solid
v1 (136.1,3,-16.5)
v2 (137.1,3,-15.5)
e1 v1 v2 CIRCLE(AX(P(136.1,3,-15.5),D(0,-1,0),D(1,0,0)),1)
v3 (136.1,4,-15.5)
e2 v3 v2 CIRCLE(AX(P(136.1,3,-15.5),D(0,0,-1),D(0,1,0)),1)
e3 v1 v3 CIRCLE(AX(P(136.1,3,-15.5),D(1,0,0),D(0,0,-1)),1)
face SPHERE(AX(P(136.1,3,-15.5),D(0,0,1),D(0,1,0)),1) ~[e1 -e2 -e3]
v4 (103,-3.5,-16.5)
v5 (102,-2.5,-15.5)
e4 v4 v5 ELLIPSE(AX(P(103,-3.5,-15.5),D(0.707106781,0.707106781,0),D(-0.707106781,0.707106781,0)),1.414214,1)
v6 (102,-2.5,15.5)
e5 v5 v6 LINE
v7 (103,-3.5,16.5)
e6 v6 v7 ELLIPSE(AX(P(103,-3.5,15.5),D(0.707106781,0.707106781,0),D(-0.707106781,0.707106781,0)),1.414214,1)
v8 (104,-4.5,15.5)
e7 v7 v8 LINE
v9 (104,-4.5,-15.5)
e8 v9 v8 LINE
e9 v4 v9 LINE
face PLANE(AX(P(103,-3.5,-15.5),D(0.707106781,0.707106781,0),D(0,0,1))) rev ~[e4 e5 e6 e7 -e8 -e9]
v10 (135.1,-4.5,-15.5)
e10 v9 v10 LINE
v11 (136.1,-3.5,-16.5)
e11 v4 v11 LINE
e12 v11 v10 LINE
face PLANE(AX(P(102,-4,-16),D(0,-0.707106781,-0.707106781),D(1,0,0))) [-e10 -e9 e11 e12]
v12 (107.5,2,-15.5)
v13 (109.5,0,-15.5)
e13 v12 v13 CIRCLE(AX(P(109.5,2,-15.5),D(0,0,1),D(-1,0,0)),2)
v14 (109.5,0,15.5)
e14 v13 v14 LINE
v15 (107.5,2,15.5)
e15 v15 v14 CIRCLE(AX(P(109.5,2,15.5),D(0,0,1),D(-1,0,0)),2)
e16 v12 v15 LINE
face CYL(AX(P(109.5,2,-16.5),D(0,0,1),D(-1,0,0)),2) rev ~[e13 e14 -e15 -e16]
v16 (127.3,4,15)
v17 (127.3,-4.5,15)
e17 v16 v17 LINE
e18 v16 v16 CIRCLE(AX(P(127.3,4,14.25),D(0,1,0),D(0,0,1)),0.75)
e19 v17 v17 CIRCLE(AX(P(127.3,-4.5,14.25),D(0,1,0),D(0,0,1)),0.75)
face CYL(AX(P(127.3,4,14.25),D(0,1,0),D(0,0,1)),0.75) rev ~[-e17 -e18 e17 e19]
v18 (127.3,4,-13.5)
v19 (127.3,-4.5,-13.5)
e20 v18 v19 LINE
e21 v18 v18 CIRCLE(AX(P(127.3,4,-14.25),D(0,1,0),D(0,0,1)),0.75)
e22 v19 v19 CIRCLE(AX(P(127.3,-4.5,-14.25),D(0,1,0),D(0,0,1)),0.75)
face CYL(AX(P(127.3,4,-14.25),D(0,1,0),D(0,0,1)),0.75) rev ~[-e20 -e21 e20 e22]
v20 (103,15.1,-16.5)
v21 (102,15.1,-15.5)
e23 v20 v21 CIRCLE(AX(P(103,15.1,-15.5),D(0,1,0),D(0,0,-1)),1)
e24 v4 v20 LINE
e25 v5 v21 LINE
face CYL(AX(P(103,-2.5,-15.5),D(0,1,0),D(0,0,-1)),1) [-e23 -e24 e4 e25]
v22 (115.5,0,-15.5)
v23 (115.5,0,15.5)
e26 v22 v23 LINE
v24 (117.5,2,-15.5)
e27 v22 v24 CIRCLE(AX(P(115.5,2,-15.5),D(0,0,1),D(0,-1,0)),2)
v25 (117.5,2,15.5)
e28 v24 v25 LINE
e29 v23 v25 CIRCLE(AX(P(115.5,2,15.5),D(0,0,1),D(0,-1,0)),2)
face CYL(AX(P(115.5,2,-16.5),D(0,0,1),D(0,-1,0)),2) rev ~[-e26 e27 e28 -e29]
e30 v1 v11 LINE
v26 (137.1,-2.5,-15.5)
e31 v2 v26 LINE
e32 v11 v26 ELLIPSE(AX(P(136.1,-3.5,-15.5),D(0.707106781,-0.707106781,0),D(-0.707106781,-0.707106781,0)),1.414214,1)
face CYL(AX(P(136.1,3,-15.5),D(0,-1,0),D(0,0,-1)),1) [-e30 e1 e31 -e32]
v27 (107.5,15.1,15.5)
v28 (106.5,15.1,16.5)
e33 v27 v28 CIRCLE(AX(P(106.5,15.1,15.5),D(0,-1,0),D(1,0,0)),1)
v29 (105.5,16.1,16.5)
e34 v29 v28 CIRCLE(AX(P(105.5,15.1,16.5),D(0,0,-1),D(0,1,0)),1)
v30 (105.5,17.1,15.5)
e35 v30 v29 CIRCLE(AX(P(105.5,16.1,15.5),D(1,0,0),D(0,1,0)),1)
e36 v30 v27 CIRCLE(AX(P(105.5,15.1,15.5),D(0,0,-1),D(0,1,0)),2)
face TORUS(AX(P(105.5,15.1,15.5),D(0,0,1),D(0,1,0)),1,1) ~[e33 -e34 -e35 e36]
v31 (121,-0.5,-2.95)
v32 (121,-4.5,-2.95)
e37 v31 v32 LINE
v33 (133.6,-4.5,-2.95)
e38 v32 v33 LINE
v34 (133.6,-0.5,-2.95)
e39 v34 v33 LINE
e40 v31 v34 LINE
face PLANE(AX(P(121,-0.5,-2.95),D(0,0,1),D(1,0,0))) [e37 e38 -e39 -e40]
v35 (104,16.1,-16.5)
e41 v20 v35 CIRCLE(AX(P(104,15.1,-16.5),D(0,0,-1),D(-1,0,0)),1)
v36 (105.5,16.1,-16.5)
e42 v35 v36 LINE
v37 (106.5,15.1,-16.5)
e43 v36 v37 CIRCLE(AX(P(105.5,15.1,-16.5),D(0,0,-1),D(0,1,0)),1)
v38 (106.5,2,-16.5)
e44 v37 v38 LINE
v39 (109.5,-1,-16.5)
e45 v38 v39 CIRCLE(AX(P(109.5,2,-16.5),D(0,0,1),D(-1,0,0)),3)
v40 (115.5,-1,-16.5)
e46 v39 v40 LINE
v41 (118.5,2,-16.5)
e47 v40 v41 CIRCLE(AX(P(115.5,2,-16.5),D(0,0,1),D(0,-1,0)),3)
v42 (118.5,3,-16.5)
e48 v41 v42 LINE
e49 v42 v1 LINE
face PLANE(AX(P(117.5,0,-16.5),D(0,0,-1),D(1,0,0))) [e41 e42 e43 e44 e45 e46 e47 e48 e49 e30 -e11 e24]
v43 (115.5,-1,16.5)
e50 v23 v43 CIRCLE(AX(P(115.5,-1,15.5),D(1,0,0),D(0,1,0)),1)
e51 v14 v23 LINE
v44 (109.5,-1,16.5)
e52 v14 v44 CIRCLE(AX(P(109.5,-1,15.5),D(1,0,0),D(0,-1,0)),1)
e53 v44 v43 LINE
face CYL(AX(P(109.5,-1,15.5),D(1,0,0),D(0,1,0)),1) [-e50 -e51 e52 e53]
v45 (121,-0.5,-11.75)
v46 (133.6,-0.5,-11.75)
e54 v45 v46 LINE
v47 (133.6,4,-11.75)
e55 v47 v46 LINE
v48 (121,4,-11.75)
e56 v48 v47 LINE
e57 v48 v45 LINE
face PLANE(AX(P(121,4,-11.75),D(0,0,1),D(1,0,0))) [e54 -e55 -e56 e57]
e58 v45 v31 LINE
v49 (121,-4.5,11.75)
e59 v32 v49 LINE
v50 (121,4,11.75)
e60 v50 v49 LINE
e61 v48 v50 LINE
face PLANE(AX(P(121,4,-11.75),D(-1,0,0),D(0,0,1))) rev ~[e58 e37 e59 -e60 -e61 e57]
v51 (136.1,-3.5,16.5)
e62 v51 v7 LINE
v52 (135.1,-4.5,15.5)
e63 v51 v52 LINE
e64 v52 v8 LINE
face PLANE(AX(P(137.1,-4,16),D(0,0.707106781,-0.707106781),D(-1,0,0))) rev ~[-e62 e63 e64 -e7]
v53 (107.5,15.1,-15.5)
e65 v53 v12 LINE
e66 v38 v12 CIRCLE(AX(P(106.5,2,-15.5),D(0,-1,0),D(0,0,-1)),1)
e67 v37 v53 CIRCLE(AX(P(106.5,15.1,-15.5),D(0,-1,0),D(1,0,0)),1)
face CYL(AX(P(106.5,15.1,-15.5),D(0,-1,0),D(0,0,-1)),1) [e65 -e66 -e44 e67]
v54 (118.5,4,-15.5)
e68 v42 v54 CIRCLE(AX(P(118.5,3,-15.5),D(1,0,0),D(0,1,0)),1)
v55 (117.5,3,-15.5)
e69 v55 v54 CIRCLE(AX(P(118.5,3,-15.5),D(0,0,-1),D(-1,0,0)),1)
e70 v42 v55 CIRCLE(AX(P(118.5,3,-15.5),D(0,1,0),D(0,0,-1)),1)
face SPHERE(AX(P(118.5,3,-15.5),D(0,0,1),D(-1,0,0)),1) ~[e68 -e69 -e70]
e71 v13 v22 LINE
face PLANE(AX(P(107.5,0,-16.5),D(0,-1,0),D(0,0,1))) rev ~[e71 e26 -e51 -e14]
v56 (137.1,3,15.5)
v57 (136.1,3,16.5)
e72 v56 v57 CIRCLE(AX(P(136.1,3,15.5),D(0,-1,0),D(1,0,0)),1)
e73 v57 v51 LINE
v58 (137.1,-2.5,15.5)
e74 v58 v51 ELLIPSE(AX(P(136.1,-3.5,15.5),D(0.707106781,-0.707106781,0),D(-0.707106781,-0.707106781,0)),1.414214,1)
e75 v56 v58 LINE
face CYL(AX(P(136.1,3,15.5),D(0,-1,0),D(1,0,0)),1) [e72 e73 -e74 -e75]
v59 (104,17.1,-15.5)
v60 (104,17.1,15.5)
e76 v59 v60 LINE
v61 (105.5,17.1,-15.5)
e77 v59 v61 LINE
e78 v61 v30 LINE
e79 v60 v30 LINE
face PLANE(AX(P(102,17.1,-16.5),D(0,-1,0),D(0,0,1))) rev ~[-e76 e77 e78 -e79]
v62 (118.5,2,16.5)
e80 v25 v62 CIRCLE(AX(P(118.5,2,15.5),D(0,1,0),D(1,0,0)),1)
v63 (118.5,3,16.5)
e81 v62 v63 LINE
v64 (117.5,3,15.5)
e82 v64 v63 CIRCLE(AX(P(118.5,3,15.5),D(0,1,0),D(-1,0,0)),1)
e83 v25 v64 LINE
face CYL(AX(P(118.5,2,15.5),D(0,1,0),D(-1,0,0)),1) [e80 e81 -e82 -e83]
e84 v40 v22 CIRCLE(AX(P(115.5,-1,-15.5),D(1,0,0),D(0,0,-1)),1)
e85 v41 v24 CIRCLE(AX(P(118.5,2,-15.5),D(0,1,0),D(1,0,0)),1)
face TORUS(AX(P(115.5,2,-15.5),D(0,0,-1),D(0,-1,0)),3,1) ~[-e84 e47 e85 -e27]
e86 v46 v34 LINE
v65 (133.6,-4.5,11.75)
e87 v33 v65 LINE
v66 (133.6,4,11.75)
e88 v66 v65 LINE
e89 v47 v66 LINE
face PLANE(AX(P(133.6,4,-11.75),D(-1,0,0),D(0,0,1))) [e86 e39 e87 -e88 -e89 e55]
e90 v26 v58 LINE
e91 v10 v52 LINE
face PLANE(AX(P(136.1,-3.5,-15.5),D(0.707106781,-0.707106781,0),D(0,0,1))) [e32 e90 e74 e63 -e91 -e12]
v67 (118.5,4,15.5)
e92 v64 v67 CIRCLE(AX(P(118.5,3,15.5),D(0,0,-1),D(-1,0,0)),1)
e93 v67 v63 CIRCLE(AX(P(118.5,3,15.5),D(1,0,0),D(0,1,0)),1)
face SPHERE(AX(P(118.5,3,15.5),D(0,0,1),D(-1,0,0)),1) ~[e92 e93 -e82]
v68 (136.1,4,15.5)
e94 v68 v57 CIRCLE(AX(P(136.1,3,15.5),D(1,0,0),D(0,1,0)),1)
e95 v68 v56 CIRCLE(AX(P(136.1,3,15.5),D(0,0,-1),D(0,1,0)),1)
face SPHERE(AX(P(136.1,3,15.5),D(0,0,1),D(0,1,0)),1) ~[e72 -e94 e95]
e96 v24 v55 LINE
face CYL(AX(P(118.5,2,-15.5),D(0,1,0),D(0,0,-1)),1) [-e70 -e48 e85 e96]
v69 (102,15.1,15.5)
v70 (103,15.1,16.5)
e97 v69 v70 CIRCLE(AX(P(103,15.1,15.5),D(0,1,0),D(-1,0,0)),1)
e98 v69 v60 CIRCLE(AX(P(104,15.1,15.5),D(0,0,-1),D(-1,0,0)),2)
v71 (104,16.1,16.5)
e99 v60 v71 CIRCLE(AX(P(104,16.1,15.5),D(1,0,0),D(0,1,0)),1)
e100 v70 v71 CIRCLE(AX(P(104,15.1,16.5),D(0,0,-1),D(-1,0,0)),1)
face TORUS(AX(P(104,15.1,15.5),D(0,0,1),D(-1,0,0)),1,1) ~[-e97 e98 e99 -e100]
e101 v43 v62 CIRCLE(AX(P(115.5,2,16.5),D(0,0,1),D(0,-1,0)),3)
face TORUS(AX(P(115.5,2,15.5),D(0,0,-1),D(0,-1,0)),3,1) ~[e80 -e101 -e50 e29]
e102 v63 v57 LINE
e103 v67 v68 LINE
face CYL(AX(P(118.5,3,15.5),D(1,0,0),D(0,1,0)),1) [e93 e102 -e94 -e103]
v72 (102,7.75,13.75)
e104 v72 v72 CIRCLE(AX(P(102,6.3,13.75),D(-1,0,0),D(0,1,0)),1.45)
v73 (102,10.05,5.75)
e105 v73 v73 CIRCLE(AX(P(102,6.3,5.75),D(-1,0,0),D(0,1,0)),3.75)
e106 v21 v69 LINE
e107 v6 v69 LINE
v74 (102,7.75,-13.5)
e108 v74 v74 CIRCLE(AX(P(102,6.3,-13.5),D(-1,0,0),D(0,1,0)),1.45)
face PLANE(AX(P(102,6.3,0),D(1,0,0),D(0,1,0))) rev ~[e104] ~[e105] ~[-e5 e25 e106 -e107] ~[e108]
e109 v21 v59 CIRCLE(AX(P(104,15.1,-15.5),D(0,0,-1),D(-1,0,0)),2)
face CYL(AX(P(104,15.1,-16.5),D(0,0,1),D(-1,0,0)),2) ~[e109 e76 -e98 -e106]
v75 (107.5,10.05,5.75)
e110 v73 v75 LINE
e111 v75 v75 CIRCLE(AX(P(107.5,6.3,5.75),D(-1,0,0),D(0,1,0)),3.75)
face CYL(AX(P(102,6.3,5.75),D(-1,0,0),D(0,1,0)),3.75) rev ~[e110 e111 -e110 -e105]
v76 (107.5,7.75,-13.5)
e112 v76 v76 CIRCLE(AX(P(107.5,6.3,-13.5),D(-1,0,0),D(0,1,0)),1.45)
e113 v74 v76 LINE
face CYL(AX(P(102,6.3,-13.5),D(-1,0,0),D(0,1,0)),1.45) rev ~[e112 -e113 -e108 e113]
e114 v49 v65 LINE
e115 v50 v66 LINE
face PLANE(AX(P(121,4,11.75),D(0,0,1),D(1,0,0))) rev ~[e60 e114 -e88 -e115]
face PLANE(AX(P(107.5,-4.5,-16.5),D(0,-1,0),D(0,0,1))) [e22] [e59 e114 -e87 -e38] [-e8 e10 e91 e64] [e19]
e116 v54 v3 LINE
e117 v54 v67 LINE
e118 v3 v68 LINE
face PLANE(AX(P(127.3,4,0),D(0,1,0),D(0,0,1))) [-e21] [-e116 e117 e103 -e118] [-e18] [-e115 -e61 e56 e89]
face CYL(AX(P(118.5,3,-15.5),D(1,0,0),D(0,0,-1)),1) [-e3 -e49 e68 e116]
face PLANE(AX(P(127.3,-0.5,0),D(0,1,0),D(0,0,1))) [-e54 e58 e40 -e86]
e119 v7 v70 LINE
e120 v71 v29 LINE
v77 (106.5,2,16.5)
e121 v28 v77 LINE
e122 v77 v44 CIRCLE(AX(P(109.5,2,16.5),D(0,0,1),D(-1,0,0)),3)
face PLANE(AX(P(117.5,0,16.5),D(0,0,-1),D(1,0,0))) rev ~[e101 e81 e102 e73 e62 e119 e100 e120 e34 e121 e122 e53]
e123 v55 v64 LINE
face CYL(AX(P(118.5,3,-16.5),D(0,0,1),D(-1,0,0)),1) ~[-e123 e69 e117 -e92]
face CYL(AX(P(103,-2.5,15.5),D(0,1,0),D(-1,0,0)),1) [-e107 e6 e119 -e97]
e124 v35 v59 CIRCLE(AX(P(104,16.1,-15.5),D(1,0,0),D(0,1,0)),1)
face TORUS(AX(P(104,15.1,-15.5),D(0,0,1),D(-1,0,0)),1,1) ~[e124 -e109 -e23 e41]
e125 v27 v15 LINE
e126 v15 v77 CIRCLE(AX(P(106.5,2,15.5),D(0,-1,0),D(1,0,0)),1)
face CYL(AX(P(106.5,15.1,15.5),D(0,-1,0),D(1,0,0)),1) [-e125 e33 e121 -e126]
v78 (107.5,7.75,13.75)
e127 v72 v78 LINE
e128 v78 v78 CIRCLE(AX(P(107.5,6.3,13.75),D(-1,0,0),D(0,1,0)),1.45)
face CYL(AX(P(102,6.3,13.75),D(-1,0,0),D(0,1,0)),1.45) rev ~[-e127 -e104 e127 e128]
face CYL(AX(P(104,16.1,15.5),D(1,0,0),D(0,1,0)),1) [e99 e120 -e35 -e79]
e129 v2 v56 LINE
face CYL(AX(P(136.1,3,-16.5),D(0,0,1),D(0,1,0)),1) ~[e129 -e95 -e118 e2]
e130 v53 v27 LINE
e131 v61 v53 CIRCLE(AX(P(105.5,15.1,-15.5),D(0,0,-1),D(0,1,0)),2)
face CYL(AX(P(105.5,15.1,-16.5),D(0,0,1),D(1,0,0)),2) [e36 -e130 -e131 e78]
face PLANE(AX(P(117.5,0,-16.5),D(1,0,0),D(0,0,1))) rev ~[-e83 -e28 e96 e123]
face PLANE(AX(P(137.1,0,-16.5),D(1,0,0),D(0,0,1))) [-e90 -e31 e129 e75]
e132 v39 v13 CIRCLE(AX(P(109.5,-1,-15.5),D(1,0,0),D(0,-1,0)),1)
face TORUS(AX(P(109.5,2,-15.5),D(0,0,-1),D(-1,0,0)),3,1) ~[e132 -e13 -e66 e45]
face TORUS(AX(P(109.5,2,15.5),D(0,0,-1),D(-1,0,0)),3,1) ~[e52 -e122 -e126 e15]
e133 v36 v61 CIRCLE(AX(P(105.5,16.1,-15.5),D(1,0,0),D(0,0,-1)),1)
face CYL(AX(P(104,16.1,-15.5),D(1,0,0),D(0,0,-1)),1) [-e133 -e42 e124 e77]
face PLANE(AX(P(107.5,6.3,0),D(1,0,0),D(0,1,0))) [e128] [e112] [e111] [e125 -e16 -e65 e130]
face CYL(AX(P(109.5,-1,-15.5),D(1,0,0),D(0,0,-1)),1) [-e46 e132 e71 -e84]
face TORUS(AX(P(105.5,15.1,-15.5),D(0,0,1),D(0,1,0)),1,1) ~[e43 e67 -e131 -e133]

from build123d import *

# Parameters (mm, degrees)
SKETCH048_W     = 21.6
SKETCH048_H     = 33
PAD018_DEPTH    = 5.5
SKETCH049_W     = 4.5
SKETCH049_H     = 33
PAD019_DEPTH    = 29.6
SKETCH050_W     = 33
SKETCH050_H     = 19.6
PAD020_DEPTH    = 4
SKETCH051_W     = 23.5
SKETCH051_H     = 12.6
POCKET023_DEPTH = 4.5
SKETCH052_W     = 14.7
SKETCH052_H     = 12.6
POCKET024_DEPTH = 4
SKETCH053_R     = 0.75
POCKET025_DEPTH = 9
CHAMFER007_SIZE = 1
CHAMFER008_SIZE = 2
FILLET010_R     = 2
FILLET013_R     = 2
FILLET014_R     = 2
FILLET015_R     = 1
FILLET016_R     = 1
SKETCH054_R     = 3.75
SKETCH054_R_2   = 1.45
POCKET026_DEPTH = 6


with BuildPart() as part:
    # Sketch048 → Pad018 (new body)
    with BuildSketch(Plane.YZ):
        with Locations((6.3, 0)):
            Rectangle(SKETCH048_W, SKETCH048_H)
    extrude(amount=PAD018_DEPTH)

    # Sketch049 (on Face6 of Pad018) → Pad019 (join)
    with BuildSketch(Plane.YZ.offset(5.5)):
        with Locations((-2.25, 0)):
            Rectangle(SKETCH049_W, SKETCH049_H)
    extrude(amount=PAD019_DEPTH)

    # Sketch050 (on Face9 of Pad019) → Pad020 (join)
    with BuildSketch(Plane.ZX):
        with Locations((0, 25.3)):
            Rectangle(SKETCH050_W, SKETCH050_H)
    extrude(amount=PAD020_DEPTH)

    # Sketch051 (on Face15 of Pad020) → Pocket023 (cut)
    with BuildSketch(Plane.ZX.offset(4)):
        with Locations((0, 25.3)):
            Rectangle(SKETCH051_W, SKETCH051_H)
    extrude(amount=-POCKET023_DEPTH, mode=Mode.SUBTRACT)

    # Sketch052 (on Face21 of Pocket023) → Pocket024 (cut)
    with BuildSketch(Plane.ZX.offset(-0.5)):
        with Locations((4.4, 25.3)):
            Rectangle(SKETCH052_W, SKETCH052_H)
    extrude(amount=-POCKET024_DEPTH, mode=Mode.SUBTRACT)

    # Sketch053 (on Face19 of Pocket024) → Pocket025 (cut)
    with BuildSketch(Plane.ZX.offset(4)):
        with Locations((-14.25, 25.3)):
            Circle(SKETCH053_R)
        with Locations((14.25, 25.3)):
            Circle(SKETCH053_R)
    extrude(amount=-POCKET025_DEPTH, mode=Mode.SUBTRACT)

    # Chamfer007
    chamfer007_edges = [part.edges().sort_by_distance(p)[0] for p in [
        (20.3, -4.5, 16.5),
        (20.3, -4.5, -16.5),
    ]]
    chamfer(chamfer007_edges, length=CHAMFER007_SIZE)

    # Chamfer008
    chamfer008_edges = [part.edges().sort_by_distance(p)[0] for p in [
        (0, -4.5, 0),
        (35.1, -4.5, 0),
    ]]
    chamfer(chamfer008_edges, length=CHAMFER008_SIZE)

    # Fillet010
    fillet010_edges = [part.edges().sort_by_distance(p)[0] for p in [
        (0, 17.1, 0),
        (5.5, 17.1, 0),
    ]]
    fillet(fillet010_edges, radius=FILLET010_R)

    # Fillet013
    fillet013_edges = [part.edges().sort_by_distance(p)[0] for p in [
        (5.5, 0, 0),
    ]]
    fillet(fillet013_edges, radius=FILLET013_R)

    # Fillet014
    fillet014_edges = [part.edges().sort_by_distance(p)[0] for p in [
        (15.5, 0, 0),
    ]]
    fillet(fillet014_edges, radius=FILLET014_R)

    # Fillet015
    fillet015_edges = [part.edges().sort_by_distance(p)[0] for p in [
        (15.5, 4, 0),
        (35.1, 4, 0),
    ]]
    fillet(fillet015_edges, radius=FILLET015_R)

    # Fillet016
    fillet016_edges = [part.edges().sort_by_distance(p)[0] for p in [
        (25.3, 4, 16.5),
        (25.3, 4, -16.5),
    ]]
    fillet(fillet016_edges, radius=FILLET016_R)

    # Sketch054 (on Face4 of Pocket025) → Pocket026 (cut)
    with BuildSketch(Plane(origin=(0, 0, 0), x_dir=(0, 1, 0), z_dir=(-1, 0, 0))):
        with Locations((6.3, -5.75)):
            Circle(SKETCH054_R)
        with Locations((6.3, -13.75)):
            Circle(SKETCH054_R_2)
        with Locations((6.3, 13.5)):
            Circle(SKETCH054_R_2)
    extrude(amount=-POCKET026_DEPTH, mode=Mode.SUBTRACT)


with BuildPart() as part_1:
    # Body005 placement: moved
    add(part.part.moved(Location((102, 0, 0))))


solid = part_1.part
